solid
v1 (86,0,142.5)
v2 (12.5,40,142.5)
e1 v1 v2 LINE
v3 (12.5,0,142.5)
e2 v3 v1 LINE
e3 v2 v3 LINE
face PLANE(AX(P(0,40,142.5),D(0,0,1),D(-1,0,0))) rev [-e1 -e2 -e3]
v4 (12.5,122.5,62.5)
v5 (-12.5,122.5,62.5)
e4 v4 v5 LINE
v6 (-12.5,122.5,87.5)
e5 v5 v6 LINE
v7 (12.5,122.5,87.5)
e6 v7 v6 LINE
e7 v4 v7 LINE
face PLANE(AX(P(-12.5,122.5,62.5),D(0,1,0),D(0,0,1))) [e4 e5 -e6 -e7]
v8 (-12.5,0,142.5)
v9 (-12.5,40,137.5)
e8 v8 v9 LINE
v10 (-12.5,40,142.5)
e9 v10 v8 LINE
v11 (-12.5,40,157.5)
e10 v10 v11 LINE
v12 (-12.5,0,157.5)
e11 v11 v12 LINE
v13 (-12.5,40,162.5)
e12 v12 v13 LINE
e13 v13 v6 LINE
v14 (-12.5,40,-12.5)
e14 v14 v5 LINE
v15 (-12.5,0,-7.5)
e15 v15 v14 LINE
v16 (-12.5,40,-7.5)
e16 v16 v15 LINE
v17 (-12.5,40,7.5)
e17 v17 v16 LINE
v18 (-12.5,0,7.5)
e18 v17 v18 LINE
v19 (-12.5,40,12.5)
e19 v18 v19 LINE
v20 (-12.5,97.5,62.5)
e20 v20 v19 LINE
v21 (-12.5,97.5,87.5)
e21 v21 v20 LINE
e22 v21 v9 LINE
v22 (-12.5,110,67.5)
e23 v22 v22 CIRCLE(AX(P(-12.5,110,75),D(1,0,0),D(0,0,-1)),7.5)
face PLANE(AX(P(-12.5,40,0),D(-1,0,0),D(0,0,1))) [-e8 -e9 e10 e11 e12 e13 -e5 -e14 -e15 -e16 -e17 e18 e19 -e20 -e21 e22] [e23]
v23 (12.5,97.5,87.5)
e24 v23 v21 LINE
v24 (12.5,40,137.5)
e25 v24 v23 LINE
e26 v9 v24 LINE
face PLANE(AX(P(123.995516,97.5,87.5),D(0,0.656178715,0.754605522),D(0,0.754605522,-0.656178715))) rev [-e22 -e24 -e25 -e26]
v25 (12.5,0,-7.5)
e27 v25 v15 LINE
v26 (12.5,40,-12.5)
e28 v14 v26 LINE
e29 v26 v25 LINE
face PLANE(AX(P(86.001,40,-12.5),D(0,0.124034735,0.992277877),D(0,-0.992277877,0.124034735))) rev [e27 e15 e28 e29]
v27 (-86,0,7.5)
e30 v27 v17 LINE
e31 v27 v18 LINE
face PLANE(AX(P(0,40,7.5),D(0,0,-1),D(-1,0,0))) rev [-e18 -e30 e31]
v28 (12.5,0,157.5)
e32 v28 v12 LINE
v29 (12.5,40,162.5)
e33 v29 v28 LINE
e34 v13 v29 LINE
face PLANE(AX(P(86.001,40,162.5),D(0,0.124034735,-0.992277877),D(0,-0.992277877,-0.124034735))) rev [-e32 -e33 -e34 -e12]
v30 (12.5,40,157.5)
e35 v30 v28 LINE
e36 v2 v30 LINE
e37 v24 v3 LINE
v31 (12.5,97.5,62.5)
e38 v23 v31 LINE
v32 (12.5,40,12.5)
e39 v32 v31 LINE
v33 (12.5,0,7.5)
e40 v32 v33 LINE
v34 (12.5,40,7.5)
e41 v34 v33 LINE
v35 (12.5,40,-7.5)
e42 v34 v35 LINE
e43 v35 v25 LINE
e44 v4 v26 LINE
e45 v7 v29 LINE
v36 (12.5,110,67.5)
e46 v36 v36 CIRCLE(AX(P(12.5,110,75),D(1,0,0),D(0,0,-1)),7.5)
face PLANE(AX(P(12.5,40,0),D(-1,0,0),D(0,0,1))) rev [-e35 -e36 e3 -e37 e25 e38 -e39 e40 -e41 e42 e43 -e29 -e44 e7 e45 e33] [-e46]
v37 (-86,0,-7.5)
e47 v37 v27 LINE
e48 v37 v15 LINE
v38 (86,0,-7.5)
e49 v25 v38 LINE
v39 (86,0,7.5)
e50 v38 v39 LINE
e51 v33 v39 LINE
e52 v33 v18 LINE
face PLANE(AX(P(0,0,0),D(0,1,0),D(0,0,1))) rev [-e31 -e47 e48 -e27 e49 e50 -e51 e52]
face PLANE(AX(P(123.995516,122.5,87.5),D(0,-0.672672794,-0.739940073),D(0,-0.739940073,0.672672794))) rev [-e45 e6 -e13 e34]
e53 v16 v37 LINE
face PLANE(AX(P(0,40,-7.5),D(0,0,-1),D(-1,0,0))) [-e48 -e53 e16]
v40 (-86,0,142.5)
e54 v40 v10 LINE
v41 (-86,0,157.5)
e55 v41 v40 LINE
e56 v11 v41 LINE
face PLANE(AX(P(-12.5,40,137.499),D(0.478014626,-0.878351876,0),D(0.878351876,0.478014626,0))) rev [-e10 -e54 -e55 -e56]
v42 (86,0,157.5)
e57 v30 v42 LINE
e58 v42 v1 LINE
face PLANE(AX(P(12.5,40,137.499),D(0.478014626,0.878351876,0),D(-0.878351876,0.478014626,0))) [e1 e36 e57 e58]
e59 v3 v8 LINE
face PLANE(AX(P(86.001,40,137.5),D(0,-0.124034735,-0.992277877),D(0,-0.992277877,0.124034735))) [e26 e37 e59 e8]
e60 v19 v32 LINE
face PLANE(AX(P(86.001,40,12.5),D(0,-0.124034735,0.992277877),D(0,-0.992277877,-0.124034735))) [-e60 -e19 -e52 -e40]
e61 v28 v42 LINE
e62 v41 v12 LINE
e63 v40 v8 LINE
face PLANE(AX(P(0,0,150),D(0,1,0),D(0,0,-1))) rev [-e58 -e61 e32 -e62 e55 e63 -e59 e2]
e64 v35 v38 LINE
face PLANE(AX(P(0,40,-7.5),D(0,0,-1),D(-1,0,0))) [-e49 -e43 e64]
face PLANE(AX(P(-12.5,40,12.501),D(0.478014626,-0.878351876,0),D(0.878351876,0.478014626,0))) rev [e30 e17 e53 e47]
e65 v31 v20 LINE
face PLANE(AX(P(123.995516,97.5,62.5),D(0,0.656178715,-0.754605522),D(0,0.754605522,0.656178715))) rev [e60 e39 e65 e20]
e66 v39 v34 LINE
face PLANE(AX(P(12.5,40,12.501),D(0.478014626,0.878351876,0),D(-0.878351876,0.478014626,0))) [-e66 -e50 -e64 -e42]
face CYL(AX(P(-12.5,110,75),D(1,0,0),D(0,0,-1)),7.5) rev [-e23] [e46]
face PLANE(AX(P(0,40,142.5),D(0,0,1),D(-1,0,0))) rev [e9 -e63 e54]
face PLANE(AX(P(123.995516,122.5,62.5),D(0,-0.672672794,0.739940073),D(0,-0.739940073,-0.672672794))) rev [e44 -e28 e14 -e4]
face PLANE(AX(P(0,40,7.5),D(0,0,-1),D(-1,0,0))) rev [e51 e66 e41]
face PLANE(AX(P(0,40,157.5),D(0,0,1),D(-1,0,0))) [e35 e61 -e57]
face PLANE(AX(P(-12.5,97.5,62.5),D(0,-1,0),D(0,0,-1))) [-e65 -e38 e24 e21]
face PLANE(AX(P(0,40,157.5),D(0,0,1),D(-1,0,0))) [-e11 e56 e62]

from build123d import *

# Parameters (mm, degrees)
SKETCH2_W                = 25
SKETCH2_H                = 5
SKETCH2_H_2              = 15
SKETCH2_W_2              = 73.5
BOSS_EXTRUDE3_DEPTH      = 40
CUT_EXTRUDE1_DEPTH       = 15
CUT_EXTRUDE3_DEPTH       = 25
SKETCH5_W                = 25
SKETCH5_H                = 25
SKETCH5_R                = 7.5
BOSS_EXTRUDE4_DEPTH      = 12.5
BOSS_EXTRUDE4_DEPTH_BACK = 12.5
BOSS_EXTRUDE5_START      = -12.5
BOSS_EXTRUDE5_DEPTH      = 25


with BuildPart() as part:
    # Sketch2 → Boss-Extrude3 (new body)
    with BuildSketch(Plane(origin=(0, 0, 0), x_dir=(1, 0, 0), z_dir=(0, 1, 0))):
        with Locations((0, -10)):
            Rectangle(SKETCH2_W, SKETCH2_H)
        Rectangle(SKETCH2_W, SKETCH2_H_2)
        with Locations((0, 10)):
            Rectangle(SKETCH2_W, SKETCH2_H)
        with Locations((-49.25, 0)):
            Rectangle(SKETCH2_W_2, SKETCH2_H_2)
        with Locations((49.25, 0)):
            Rectangle(SKETCH2_W_2, SKETCH2_H_2)
    extrude(amount=BOSS_EXTRUDE3_DEPTH)

    # Sketch6 → Cut-Extrude1 (cut)
    with BuildSketch(Plane(origin=(0, 0, -7.5), x_dir=(-1, 0, 0), z_dir=(0, 0, -1))):
        Polygon((12.5, 40), (86, 0), (86, 40), align=None)
    cut_extrude1 = extrude(amount=-CUT_EXTRUDE1_DEPTH, mode=Mode.SUBTRACT)

    # Mirror1: Cut-Extrude1 across plane
    add(cut_extrude1.mirror(Plane(origin=(0, 0, 0), x_dir=(0, 0, 1), z_dir=(1, 0, 0))), mode=Mode.SUBTRACT)

    # Sketch7 → Cut-Extrude3 (cut)
    with BuildSketch(Plane.ZY.offset(12.5)):
        Polygon((-12.5, 40), (-7.5, 0), (-12.5, 0), align=None)
    cut_extrude3 = extrude(amount=-CUT_EXTRUDE3_DEPTH, mode=Mode.SUBTRACT)

    # Mirror2: Cut-Extrude3 across plane
    add(cut_extrude3.mirror(Plane.XY), mode=Mode.SUBTRACT)



with BuildPart() as body_2:
    # Sketch5 → Boss-Extrude4 (new body, two sides)
    with BuildSketch(Plane(origin=(0, 0, 0), x_dir=(0, 0, -1), z_dir=(1, 0, 0))) as boss_extrude4_sk:
        with Locations((-75, 110)):
            Rectangle(SKETCH5_W, SKETCH5_H)
        with Locations((-75, 110)):
            Circle(SKETCH5_R, mode=Mode.SUBTRACT)
    extrude(amount=BOSS_EXTRUDE4_DEPTH)
    extrude(boss_extrude4_sk.sketch, amount=-BOSS_EXTRUDE4_DEPTH_BACK)


with BuildPart() as part_1:
    add(part.part)

    add(body_2.part)  # Boss-Extrude5 merges body 2
    # Sketch8 → Boss-Extrude5 (add)
    with BuildSketch(Plane(origin=(0, 0, 0), x_dir=(0, 0, -1), z_dir=(1, 0, 0)).offset(BOSS_EXTRUDE5_START)):
        Polygon((-62.5, 97.5), (-12.5, 40), (12.5, 40), (-62.5, 122.5), align=None)
    extrude(amount=BOSS_EXTRUDE5_DEPTH)

    # Mirror13: part across plane


with BuildPart() as part_2:
    add(part_1.part)
    add(part_1.part.mirror(Plane.XY.offset(75)))


solid = part_2.part
